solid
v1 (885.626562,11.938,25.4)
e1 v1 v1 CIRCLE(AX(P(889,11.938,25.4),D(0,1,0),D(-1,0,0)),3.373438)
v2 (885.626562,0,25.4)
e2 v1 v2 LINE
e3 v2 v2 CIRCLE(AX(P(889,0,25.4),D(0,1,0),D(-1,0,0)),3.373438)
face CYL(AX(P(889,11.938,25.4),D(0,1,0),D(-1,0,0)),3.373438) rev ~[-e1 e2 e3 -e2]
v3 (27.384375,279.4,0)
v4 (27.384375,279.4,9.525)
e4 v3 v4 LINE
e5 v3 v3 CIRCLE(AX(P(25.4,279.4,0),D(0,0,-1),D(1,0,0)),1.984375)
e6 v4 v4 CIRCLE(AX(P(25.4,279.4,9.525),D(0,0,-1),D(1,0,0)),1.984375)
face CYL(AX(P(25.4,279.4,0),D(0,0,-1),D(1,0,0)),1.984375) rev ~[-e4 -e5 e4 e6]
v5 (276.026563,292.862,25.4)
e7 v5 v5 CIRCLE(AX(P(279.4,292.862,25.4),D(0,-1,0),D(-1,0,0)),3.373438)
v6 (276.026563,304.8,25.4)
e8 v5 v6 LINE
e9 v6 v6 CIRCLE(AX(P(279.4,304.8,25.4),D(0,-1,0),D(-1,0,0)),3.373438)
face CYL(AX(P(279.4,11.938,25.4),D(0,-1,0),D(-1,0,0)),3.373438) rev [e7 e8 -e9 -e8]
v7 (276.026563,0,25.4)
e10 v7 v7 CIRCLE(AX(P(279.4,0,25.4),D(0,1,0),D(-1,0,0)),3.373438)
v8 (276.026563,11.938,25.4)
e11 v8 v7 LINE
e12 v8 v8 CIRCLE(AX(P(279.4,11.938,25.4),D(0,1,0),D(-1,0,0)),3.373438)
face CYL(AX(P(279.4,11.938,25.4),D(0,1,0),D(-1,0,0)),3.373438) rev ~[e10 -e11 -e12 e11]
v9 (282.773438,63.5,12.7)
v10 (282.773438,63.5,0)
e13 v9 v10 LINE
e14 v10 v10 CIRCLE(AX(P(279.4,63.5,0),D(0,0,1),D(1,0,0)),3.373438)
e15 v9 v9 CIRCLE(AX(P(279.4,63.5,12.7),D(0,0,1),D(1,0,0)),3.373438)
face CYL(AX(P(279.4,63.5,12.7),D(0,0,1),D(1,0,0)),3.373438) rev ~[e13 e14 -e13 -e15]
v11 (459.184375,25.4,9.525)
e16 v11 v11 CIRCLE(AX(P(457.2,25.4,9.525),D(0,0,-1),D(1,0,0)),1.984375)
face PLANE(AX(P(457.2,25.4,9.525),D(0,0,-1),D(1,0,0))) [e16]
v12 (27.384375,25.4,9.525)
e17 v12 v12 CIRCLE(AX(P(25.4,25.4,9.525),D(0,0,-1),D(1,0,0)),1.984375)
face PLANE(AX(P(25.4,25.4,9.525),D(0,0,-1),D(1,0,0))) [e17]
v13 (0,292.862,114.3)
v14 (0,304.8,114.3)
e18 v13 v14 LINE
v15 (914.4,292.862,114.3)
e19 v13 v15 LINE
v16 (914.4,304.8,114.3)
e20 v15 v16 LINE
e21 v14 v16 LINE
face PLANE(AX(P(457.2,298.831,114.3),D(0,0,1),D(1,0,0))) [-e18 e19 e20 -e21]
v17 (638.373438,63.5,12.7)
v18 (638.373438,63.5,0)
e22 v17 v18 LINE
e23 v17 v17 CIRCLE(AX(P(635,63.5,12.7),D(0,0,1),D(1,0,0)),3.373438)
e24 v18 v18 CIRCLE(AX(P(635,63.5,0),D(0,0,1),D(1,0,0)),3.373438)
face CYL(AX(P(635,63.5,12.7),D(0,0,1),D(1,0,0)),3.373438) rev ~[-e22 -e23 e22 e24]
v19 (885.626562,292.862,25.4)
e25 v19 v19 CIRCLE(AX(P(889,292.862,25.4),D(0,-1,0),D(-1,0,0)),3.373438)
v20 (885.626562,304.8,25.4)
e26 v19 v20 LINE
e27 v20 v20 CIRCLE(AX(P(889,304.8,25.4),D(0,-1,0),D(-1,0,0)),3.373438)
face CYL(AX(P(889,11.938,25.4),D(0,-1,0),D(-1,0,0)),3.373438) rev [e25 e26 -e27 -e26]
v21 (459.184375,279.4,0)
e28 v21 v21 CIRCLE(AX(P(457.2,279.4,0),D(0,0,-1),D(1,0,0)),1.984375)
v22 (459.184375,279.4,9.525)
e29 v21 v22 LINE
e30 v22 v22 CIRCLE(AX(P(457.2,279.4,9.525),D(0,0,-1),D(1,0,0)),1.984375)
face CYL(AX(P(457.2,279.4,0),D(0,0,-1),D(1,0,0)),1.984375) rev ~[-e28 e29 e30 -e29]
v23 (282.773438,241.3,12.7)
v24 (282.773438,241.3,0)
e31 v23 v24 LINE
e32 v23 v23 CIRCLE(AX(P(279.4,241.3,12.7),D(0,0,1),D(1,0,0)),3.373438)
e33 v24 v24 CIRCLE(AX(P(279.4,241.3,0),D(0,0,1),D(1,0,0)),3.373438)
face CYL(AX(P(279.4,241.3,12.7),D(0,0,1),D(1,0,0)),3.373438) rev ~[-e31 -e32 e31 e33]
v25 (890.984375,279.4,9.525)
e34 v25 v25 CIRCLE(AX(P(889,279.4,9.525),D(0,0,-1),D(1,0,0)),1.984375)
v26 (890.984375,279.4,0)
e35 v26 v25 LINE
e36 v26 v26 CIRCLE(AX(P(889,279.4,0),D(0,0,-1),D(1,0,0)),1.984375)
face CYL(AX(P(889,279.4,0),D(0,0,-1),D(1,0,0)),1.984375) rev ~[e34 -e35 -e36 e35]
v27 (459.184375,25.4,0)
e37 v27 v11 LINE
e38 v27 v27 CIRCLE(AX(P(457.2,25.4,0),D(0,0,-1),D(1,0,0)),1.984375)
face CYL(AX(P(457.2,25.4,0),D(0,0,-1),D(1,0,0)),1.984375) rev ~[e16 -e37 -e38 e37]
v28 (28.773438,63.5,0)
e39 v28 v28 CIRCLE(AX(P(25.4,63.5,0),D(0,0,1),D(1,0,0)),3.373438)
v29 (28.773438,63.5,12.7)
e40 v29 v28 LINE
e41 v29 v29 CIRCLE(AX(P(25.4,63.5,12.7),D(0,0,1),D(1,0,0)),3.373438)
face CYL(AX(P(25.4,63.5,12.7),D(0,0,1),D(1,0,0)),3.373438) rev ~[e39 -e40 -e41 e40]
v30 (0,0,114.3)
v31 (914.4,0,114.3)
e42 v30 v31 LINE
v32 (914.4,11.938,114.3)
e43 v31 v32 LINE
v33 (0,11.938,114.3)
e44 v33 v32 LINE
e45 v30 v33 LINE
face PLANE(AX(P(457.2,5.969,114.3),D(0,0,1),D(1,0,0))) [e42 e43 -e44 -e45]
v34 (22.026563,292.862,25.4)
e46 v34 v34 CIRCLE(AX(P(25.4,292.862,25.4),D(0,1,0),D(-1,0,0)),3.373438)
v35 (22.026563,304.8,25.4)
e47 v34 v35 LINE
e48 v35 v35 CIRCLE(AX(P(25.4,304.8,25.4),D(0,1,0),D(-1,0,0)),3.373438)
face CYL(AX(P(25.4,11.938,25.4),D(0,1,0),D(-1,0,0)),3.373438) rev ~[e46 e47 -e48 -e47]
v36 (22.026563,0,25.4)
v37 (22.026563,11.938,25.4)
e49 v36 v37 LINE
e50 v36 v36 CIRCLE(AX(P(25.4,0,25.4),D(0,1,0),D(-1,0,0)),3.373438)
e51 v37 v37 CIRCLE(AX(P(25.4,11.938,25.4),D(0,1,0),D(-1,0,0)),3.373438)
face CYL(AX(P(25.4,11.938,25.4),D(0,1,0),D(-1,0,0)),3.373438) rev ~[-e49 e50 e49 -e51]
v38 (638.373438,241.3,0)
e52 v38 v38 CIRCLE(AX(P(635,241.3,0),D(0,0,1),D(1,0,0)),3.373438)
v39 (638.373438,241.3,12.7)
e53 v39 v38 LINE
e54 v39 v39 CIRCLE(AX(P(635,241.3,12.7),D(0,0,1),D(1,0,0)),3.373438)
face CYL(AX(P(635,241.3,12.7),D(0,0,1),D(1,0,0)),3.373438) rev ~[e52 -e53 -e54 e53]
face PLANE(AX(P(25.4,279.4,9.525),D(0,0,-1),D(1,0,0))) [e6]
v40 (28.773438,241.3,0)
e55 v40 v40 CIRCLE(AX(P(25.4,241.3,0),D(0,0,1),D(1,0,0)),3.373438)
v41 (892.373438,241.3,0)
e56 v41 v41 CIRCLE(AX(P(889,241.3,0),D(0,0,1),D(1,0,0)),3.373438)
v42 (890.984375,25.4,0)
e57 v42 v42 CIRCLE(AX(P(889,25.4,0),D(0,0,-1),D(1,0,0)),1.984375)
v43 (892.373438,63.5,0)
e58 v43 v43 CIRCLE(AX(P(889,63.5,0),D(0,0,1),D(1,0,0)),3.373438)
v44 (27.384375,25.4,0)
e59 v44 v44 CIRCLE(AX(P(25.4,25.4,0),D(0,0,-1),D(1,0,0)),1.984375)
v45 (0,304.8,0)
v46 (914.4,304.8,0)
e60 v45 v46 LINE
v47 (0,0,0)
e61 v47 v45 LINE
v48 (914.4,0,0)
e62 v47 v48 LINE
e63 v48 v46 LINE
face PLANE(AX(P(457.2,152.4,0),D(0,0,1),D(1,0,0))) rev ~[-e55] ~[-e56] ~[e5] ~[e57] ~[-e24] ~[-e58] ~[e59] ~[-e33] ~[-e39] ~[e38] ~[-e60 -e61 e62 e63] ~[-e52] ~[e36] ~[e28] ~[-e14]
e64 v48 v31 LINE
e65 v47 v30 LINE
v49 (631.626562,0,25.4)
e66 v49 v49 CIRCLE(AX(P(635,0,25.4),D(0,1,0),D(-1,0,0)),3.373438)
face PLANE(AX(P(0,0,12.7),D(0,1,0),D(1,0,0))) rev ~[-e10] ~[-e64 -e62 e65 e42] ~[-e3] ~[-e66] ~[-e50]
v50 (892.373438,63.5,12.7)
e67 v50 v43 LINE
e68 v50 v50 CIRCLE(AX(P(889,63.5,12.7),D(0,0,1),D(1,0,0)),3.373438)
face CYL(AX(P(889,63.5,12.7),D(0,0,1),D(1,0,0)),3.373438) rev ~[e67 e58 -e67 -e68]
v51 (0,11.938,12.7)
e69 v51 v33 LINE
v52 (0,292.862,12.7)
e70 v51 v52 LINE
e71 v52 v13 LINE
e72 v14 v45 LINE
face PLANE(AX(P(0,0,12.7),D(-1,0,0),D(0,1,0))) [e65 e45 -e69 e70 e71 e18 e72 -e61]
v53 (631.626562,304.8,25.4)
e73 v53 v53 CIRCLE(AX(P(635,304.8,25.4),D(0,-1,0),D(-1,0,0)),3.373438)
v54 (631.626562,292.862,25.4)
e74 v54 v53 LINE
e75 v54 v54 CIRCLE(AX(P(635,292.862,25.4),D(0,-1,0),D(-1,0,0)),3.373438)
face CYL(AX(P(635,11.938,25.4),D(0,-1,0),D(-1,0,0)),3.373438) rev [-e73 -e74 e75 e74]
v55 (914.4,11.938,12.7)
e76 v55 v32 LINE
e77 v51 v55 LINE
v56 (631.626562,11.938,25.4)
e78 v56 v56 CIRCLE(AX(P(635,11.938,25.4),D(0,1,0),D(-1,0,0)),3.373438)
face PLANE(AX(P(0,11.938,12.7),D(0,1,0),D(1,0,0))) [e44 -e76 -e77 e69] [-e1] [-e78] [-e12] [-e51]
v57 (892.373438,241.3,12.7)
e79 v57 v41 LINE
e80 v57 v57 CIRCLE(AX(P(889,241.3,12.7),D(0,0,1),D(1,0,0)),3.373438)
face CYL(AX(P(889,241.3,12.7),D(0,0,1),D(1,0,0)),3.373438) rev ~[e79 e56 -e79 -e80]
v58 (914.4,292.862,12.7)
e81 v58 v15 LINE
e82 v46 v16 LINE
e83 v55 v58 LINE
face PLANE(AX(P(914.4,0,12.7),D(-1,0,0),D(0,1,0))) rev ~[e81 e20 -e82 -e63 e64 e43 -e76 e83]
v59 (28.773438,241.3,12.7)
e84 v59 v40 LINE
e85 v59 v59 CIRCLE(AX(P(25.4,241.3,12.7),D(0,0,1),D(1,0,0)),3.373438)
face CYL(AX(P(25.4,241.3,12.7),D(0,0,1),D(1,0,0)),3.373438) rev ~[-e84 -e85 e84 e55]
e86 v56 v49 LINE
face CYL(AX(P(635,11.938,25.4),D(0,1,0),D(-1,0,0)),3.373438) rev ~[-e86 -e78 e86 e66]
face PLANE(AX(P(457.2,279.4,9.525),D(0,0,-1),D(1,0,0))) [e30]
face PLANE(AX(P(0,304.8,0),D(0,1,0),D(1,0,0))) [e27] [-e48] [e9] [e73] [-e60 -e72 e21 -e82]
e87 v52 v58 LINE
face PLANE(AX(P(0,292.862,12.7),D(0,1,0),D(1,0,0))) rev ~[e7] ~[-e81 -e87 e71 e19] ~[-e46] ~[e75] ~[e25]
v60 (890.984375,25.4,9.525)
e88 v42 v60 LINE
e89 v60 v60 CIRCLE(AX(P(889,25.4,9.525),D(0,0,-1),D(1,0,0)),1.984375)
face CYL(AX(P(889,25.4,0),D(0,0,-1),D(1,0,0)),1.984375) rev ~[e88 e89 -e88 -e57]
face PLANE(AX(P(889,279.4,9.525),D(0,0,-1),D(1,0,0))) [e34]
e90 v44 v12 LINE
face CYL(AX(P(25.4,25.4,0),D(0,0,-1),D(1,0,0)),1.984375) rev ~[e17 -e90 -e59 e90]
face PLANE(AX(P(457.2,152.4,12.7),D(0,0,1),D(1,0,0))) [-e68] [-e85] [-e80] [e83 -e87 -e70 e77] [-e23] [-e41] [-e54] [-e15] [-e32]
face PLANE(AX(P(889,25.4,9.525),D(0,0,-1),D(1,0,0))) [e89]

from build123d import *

# Parameters (mm, degrees)
F0_W     = 914.4
F0_H     = 304.8
F1_DEPTH = 12.7
F2_W     = 914.4
F2_H     = 11.938
F3_DEPTH = 101.6
F4_R     = 3.3734375
F5_DEPTH = 25.4
F6_R     = 3.3734375
F7_DEPTH = 327.66
F8_R     = 1.984375
F9_DEPTH = 9.525


with BuildPart() as f1:
    # F0 (on Top) → F1 (new body)
    with BuildSketch(Plane.XY):
        with Locations((457.2, 152.4)):
            Rectangle(F0_W, F0_H)
    extrude(amount=F1_DEPTH)

    # F2 (on face) → F3 (join)
    with BuildSketch(Plane.XY.offset(12.7)):
        with Locations((457.2, 5.969)):
            Rectangle(F2_W, F2_H)
        with Locations((457.2, 298.831)):
            Rectangle(F2_W, F2_H)
    extrude(amount=F3_DEPTH)

    # F4 (on face) → F5 (cut)
    with BuildSketch(Plane.XY.offset(12.7)):
        with Locations((25.4, 241.3)):
            Circle(F4_R)
        with Locations((279.4, 241.3)):
            Circle(F4_R)
        with Locations((279.4, 63.5)):
            Circle(F4_R)
        with Locations((635, 241.3)):
            Circle(F4_R)
        with Locations((889, 241.3)):
            Circle(F4_R)
        with Locations((635, 63.5)):
            Circle(F4_R)
        with Locations((889, 63.5)):
            Circle(F4_R)
        with Locations((25.4, 63.5)):
            Circle(F4_R)
    extrude(amount=-F5_DEPTH, mode=Mode.SUBTRACT)

    # F6 (on face) → F7 (cut, symmetric)
    with BuildSketch(Plane(origin=(0, 11.938, 0), x_dir=(-1, 0, 0), z_dir=(0, 1, 0))):
        with Locations((-889, 25.4)):
            Circle(F6_R)
        with Locations((-635, 25.4)):
            Circle(F6_R)
        with Locations((-279.4, 25.4)):
            Circle(F6_R)
        with Locations((-25.4, 25.4)):
            Circle(F6_R)
    extrude(amount=F7_DEPTH, both=True, mode=Mode.SUBTRACT)

    # F8 (on face) → F9 (cut)
    with BuildSketch(Plane(origin=(0, 0, 0), x_dir=(1, 0, 0), z_dir=(0, 0, -1))):
        with Locations((25.4, -279.4)):
            Circle(F8_R)
        with Locations((889, -279.4)):
            Circle(F8_R)
        with Locations((457.2, -279.4)):
            Circle(F8_R)
        with Locations((889, -25.4)):
            Circle(F8_R)
        with Locations((457.2, -25.4)):
            Circle(F8_R)
        with Locations((25.4, -25.4)):
            Circle(F8_R)
    extrude(amount=-F9_DEPTH, mode=Mode.SUBTRACT)


solid = f1.part
